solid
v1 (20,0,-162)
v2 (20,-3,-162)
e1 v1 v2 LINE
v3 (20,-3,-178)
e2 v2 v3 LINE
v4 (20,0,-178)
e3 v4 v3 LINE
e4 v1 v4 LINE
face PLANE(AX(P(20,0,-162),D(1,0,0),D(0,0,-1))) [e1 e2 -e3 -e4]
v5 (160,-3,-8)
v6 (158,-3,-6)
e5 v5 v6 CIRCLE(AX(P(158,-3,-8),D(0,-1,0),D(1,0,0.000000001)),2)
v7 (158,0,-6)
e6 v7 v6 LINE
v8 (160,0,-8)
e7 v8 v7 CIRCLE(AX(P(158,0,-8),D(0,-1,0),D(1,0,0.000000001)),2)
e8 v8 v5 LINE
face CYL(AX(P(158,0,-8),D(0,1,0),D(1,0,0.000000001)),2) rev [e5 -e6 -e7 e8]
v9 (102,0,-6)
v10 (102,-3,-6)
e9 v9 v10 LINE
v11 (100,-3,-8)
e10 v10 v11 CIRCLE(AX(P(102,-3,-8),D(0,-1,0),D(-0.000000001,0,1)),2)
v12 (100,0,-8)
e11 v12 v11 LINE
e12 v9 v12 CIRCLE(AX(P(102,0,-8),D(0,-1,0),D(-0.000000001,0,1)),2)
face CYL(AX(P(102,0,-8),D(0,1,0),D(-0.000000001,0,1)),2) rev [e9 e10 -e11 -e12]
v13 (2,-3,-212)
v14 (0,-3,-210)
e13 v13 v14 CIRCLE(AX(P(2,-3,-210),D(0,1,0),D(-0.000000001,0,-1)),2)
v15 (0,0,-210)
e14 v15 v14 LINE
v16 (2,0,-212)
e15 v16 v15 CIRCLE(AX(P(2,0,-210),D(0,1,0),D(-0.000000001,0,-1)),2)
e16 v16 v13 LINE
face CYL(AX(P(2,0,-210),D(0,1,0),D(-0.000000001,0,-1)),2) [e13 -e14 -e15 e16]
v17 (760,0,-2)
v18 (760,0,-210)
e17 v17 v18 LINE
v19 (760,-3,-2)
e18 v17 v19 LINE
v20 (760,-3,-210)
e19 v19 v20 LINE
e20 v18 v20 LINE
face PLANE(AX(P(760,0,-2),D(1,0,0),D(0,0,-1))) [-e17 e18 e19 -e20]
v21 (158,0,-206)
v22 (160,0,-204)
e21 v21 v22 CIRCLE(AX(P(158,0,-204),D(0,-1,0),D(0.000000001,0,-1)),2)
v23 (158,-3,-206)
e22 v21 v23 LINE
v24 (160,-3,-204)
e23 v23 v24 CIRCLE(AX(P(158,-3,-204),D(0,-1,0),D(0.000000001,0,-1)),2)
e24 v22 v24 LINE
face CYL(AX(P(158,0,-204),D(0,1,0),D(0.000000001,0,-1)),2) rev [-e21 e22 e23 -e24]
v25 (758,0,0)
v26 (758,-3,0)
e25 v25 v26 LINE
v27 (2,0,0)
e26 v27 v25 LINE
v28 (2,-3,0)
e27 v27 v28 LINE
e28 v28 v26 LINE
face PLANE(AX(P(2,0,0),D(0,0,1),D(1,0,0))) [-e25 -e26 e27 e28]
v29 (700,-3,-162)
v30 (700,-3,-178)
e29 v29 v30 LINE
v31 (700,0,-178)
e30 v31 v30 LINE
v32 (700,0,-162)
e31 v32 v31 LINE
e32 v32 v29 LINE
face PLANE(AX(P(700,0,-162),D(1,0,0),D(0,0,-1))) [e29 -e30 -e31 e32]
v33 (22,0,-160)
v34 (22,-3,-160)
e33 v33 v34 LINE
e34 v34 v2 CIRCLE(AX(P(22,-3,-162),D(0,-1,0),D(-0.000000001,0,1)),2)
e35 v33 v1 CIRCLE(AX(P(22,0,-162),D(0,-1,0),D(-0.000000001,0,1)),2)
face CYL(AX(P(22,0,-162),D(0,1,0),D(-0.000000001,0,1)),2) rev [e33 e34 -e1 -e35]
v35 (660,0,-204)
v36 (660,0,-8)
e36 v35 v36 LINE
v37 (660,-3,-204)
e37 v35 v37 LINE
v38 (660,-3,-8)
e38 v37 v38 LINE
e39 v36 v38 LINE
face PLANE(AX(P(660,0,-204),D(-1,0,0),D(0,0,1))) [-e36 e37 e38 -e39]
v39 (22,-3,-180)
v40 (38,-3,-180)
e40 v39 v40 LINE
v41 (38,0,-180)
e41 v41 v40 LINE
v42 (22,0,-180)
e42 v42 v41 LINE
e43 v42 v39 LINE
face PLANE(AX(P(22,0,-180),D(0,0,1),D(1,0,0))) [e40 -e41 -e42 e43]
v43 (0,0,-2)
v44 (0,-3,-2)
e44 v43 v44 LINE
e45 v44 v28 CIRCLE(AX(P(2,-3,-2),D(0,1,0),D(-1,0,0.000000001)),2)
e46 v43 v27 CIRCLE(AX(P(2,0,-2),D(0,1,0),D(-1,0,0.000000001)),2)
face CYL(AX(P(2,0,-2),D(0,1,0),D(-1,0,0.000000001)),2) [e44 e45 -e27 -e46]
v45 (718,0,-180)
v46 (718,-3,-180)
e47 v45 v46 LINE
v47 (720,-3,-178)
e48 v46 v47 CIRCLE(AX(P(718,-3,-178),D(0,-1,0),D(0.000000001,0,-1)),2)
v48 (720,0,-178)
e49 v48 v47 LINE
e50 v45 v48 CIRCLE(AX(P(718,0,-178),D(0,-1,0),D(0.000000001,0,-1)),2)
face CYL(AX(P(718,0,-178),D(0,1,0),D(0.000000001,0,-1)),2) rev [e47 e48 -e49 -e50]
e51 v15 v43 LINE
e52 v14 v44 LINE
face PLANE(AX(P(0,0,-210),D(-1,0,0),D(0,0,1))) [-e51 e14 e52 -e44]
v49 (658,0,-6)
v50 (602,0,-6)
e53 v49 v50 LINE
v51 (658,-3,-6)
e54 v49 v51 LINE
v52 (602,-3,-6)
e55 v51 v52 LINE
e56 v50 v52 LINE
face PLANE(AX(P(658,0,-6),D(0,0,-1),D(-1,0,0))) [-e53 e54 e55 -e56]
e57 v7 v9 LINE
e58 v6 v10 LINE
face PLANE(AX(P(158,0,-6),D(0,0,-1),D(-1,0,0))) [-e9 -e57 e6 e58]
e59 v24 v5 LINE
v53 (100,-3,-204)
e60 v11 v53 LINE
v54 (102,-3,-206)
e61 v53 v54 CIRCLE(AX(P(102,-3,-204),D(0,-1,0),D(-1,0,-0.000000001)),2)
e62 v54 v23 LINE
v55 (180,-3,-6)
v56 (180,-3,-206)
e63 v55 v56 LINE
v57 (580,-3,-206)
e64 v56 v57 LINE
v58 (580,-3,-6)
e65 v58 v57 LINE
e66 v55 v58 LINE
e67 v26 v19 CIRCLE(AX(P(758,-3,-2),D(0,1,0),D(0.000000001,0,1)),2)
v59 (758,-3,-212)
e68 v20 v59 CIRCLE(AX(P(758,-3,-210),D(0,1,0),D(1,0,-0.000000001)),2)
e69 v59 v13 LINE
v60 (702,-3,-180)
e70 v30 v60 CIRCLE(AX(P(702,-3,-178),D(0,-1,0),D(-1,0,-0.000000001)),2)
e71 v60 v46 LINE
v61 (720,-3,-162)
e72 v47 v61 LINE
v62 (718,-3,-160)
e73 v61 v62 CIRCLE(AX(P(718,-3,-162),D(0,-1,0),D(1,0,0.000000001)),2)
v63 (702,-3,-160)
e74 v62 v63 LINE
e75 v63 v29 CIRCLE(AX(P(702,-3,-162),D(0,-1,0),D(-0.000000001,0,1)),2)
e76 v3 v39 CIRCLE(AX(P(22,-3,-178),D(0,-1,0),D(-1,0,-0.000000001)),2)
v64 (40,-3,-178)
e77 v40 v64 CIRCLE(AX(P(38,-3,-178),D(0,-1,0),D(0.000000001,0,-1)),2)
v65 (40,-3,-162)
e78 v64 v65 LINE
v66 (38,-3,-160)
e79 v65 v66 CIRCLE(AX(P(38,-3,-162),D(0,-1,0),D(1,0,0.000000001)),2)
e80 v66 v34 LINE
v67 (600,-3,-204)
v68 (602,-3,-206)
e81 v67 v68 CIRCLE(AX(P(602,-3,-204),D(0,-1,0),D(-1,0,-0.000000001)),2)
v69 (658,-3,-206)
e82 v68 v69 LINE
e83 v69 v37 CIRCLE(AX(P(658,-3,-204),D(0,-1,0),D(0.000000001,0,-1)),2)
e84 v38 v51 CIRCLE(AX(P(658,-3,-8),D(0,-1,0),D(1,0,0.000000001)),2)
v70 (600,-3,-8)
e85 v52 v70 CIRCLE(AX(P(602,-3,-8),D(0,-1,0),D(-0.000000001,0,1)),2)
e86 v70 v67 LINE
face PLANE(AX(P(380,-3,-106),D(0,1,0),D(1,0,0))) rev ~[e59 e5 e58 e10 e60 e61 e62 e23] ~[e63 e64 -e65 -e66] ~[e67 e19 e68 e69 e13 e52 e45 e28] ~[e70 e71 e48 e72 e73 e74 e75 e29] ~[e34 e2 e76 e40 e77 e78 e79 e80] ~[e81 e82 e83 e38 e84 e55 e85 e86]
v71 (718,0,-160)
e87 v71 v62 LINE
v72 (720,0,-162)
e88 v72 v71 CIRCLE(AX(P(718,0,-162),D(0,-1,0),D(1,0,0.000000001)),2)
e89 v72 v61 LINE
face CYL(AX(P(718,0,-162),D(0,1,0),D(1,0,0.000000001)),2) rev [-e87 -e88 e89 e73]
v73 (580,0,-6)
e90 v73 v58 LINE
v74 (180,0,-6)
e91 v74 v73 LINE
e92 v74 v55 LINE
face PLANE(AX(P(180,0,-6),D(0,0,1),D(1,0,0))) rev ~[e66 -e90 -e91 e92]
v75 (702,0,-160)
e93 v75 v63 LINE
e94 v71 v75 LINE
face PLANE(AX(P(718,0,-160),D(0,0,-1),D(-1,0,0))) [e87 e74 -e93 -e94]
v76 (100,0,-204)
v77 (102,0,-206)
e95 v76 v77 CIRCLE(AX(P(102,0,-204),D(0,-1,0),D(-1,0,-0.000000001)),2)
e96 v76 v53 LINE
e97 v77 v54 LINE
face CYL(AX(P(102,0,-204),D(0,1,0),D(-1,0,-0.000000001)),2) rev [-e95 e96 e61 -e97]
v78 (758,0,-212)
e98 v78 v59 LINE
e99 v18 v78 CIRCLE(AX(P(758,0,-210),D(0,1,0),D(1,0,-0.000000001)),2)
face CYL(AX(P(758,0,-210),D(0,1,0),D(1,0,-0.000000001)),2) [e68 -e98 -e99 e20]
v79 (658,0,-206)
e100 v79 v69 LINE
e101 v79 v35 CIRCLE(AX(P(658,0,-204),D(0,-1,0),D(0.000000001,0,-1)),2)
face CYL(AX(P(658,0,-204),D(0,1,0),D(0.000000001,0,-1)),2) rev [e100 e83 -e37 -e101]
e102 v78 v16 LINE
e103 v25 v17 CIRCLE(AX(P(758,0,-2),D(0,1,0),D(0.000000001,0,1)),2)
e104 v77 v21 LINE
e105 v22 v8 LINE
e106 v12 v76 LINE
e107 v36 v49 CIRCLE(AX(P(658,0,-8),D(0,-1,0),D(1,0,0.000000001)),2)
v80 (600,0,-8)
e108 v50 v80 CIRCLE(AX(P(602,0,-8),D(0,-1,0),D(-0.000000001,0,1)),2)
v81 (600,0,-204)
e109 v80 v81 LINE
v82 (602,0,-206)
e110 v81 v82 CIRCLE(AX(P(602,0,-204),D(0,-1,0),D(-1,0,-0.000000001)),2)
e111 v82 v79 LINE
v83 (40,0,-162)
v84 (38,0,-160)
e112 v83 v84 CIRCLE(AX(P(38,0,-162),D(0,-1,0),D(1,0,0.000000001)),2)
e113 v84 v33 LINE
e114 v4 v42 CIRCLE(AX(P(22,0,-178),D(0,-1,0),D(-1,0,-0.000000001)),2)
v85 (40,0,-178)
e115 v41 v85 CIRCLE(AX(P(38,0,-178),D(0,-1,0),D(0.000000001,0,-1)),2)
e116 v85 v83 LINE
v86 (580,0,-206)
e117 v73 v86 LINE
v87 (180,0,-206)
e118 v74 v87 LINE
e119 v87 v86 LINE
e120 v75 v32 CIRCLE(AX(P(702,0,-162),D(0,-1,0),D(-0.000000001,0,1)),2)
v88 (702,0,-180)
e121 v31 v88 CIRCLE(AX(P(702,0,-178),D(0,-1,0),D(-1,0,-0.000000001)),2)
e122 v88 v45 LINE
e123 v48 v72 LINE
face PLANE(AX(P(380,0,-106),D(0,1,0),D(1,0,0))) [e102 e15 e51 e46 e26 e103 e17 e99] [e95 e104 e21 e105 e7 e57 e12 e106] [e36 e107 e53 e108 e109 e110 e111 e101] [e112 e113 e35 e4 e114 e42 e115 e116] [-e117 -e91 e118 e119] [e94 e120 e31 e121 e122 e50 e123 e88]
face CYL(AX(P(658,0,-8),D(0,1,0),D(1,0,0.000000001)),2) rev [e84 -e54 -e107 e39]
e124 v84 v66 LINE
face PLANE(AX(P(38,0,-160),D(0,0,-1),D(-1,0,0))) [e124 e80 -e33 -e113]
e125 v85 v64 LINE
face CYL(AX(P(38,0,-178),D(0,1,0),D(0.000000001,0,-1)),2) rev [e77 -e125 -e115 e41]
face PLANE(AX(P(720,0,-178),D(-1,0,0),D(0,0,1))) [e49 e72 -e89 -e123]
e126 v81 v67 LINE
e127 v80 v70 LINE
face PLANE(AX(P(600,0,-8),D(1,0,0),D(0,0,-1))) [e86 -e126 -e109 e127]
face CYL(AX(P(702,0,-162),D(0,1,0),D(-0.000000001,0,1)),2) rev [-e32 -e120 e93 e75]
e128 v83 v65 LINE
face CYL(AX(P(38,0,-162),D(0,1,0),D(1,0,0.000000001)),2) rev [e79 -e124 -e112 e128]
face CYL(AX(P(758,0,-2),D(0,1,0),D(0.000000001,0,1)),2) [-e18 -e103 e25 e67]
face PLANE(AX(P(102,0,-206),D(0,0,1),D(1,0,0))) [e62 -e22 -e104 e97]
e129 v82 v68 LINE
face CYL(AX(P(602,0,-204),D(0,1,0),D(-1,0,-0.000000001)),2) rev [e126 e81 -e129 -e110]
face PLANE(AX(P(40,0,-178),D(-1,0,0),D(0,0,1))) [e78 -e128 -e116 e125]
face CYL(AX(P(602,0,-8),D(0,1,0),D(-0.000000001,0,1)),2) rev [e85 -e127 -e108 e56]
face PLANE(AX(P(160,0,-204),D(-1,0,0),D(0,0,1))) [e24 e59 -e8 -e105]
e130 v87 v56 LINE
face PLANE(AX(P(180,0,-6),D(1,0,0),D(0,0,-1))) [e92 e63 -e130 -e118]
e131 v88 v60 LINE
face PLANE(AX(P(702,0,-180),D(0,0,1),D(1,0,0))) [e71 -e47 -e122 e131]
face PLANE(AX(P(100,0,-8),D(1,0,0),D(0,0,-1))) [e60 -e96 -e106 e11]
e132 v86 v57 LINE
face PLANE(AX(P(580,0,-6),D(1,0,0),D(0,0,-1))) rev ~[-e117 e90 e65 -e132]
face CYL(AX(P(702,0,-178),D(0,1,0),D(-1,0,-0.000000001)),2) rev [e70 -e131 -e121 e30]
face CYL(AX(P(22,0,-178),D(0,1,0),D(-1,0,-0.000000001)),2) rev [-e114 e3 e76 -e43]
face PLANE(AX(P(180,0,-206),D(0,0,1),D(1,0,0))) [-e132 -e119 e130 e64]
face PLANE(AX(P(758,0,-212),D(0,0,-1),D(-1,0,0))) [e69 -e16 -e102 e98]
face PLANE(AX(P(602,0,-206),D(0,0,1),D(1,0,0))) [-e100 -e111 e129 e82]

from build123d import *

# Parameters (mm, degrees)
SKETCH_1_W      = 400
SKETCH_1_H      = 200
EXTRUDE_1_DEPTH = 3


with BuildPart() as part:
    # 草图1 → 凸台-拉伸1 (new body)
    with BuildSketch(Plane(origin=(0, 0, 0), x_dir=(1, 0, 0), z_dir=(0, 1, 0))):
        with BuildLine():
            Line((2, 0), (758, 0))
            ThreePointArc((758, 0), (759.414213562, 0.585786438), (760, 2))
            Line((760, 2), (760, 210))
            ThreePointArc((760, 210), (759.414213562, 211.414213562), (758, 212))
            Line((758, 212), (2, 212))
            ThreePointArc((2, 212), (0.585786438, 211.414213562), (0, 210))
            Line((0, 210), (0, 2))
            ThreePointArc((0, 2), (0.585786438, 0.585786438), (2, 0))
        make_face()
        with Locations((380, 106)):
            Rectangle(SKETCH_1_W, SKETCH_1_H, mode=Mode.SUBTRACT)
        with BuildLine():
            Line((658, 6), (602, 6))
            ThreePointArc((602, 6), (600.585786438, 6.585786438), (600, 8))
            Line((600, 8), (600, 204))
            ThreePointArc((600, 204), (600.585786438, 205.414213562), (602, 206))
            Line((602, 206), (658, 206))
            ThreePointArc((658, 206), (659.414213562, 205.414213562), (660, 204))
            Line((660, 204), (660, 8))
            ThreePointArc((660, 8), (659.414213562, 6.585786438), (658, 6))
        make_face(mode=Mode.SUBTRACT)
        with BuildLine():
            Line((158, 6), (102, 6))
            ThreePointArc((102, 6), (100.585786438, 6.585786438), (100, 8))
            Line((100, 8), (100, 204))
            ThreePointArc((100, 204), (100.585786438, 205.414213562), (102, 206))
            Line((102, 206), (158, 206))
            ThreePointArc((158, 206), (159.414213562, 205.414213562), (160, 204))
            Line((160, 204), (160, 8))
            ThreePointArc((160, 8), (159.414213562, 6.585786438), (158, 6))
        make_face(mode=Mode.SUBTRACT)
        with BuildLine():
            Line((38, 160), (22, 160))
            ThreePointArc((22, 160), (20.585786438, 160.585786438), (20, 162))
            Line((20, 162), (20, 178))
            ThreePointArc((20, 178), (20.585786438, 179.414213562), (22, 180))
            Line((22, 180), (38, 180))
            ThreePointArc((38, 180), (39.414213562, 179.414213562), (40, 178))
            Line((40, 178), (40, 162))
            ThreePointArc((40, 162), (39.414213562, 160.585786438), (38, 160))
        make_face(mode=Mode.SUBTRACT)
        with BuildLine():
            Line((718, 160), (702, 160))
            ThreePointArc((702, 160), (700.585786438, 160.585786438), (700, 162))
            Line((700, 162), (700, 178))
            ThreePointArc((700, 178), (700.585786438, 179.414213562), (702, 180))
            Line((702, 180), (718, 180))
            ThreePointArc((718, 180), (719.414213562, 179.414213562), (720, 178))
            Line((720, 178), (720, 162))
            ThreePointArc((720, 162), (719.414213562, 160.585786438), (718, 160))
        make_face(mode=Mode.SUBTRACT)
    extrude(amount=-EXTRUDE_1_DEPTH)


solid = part.part
